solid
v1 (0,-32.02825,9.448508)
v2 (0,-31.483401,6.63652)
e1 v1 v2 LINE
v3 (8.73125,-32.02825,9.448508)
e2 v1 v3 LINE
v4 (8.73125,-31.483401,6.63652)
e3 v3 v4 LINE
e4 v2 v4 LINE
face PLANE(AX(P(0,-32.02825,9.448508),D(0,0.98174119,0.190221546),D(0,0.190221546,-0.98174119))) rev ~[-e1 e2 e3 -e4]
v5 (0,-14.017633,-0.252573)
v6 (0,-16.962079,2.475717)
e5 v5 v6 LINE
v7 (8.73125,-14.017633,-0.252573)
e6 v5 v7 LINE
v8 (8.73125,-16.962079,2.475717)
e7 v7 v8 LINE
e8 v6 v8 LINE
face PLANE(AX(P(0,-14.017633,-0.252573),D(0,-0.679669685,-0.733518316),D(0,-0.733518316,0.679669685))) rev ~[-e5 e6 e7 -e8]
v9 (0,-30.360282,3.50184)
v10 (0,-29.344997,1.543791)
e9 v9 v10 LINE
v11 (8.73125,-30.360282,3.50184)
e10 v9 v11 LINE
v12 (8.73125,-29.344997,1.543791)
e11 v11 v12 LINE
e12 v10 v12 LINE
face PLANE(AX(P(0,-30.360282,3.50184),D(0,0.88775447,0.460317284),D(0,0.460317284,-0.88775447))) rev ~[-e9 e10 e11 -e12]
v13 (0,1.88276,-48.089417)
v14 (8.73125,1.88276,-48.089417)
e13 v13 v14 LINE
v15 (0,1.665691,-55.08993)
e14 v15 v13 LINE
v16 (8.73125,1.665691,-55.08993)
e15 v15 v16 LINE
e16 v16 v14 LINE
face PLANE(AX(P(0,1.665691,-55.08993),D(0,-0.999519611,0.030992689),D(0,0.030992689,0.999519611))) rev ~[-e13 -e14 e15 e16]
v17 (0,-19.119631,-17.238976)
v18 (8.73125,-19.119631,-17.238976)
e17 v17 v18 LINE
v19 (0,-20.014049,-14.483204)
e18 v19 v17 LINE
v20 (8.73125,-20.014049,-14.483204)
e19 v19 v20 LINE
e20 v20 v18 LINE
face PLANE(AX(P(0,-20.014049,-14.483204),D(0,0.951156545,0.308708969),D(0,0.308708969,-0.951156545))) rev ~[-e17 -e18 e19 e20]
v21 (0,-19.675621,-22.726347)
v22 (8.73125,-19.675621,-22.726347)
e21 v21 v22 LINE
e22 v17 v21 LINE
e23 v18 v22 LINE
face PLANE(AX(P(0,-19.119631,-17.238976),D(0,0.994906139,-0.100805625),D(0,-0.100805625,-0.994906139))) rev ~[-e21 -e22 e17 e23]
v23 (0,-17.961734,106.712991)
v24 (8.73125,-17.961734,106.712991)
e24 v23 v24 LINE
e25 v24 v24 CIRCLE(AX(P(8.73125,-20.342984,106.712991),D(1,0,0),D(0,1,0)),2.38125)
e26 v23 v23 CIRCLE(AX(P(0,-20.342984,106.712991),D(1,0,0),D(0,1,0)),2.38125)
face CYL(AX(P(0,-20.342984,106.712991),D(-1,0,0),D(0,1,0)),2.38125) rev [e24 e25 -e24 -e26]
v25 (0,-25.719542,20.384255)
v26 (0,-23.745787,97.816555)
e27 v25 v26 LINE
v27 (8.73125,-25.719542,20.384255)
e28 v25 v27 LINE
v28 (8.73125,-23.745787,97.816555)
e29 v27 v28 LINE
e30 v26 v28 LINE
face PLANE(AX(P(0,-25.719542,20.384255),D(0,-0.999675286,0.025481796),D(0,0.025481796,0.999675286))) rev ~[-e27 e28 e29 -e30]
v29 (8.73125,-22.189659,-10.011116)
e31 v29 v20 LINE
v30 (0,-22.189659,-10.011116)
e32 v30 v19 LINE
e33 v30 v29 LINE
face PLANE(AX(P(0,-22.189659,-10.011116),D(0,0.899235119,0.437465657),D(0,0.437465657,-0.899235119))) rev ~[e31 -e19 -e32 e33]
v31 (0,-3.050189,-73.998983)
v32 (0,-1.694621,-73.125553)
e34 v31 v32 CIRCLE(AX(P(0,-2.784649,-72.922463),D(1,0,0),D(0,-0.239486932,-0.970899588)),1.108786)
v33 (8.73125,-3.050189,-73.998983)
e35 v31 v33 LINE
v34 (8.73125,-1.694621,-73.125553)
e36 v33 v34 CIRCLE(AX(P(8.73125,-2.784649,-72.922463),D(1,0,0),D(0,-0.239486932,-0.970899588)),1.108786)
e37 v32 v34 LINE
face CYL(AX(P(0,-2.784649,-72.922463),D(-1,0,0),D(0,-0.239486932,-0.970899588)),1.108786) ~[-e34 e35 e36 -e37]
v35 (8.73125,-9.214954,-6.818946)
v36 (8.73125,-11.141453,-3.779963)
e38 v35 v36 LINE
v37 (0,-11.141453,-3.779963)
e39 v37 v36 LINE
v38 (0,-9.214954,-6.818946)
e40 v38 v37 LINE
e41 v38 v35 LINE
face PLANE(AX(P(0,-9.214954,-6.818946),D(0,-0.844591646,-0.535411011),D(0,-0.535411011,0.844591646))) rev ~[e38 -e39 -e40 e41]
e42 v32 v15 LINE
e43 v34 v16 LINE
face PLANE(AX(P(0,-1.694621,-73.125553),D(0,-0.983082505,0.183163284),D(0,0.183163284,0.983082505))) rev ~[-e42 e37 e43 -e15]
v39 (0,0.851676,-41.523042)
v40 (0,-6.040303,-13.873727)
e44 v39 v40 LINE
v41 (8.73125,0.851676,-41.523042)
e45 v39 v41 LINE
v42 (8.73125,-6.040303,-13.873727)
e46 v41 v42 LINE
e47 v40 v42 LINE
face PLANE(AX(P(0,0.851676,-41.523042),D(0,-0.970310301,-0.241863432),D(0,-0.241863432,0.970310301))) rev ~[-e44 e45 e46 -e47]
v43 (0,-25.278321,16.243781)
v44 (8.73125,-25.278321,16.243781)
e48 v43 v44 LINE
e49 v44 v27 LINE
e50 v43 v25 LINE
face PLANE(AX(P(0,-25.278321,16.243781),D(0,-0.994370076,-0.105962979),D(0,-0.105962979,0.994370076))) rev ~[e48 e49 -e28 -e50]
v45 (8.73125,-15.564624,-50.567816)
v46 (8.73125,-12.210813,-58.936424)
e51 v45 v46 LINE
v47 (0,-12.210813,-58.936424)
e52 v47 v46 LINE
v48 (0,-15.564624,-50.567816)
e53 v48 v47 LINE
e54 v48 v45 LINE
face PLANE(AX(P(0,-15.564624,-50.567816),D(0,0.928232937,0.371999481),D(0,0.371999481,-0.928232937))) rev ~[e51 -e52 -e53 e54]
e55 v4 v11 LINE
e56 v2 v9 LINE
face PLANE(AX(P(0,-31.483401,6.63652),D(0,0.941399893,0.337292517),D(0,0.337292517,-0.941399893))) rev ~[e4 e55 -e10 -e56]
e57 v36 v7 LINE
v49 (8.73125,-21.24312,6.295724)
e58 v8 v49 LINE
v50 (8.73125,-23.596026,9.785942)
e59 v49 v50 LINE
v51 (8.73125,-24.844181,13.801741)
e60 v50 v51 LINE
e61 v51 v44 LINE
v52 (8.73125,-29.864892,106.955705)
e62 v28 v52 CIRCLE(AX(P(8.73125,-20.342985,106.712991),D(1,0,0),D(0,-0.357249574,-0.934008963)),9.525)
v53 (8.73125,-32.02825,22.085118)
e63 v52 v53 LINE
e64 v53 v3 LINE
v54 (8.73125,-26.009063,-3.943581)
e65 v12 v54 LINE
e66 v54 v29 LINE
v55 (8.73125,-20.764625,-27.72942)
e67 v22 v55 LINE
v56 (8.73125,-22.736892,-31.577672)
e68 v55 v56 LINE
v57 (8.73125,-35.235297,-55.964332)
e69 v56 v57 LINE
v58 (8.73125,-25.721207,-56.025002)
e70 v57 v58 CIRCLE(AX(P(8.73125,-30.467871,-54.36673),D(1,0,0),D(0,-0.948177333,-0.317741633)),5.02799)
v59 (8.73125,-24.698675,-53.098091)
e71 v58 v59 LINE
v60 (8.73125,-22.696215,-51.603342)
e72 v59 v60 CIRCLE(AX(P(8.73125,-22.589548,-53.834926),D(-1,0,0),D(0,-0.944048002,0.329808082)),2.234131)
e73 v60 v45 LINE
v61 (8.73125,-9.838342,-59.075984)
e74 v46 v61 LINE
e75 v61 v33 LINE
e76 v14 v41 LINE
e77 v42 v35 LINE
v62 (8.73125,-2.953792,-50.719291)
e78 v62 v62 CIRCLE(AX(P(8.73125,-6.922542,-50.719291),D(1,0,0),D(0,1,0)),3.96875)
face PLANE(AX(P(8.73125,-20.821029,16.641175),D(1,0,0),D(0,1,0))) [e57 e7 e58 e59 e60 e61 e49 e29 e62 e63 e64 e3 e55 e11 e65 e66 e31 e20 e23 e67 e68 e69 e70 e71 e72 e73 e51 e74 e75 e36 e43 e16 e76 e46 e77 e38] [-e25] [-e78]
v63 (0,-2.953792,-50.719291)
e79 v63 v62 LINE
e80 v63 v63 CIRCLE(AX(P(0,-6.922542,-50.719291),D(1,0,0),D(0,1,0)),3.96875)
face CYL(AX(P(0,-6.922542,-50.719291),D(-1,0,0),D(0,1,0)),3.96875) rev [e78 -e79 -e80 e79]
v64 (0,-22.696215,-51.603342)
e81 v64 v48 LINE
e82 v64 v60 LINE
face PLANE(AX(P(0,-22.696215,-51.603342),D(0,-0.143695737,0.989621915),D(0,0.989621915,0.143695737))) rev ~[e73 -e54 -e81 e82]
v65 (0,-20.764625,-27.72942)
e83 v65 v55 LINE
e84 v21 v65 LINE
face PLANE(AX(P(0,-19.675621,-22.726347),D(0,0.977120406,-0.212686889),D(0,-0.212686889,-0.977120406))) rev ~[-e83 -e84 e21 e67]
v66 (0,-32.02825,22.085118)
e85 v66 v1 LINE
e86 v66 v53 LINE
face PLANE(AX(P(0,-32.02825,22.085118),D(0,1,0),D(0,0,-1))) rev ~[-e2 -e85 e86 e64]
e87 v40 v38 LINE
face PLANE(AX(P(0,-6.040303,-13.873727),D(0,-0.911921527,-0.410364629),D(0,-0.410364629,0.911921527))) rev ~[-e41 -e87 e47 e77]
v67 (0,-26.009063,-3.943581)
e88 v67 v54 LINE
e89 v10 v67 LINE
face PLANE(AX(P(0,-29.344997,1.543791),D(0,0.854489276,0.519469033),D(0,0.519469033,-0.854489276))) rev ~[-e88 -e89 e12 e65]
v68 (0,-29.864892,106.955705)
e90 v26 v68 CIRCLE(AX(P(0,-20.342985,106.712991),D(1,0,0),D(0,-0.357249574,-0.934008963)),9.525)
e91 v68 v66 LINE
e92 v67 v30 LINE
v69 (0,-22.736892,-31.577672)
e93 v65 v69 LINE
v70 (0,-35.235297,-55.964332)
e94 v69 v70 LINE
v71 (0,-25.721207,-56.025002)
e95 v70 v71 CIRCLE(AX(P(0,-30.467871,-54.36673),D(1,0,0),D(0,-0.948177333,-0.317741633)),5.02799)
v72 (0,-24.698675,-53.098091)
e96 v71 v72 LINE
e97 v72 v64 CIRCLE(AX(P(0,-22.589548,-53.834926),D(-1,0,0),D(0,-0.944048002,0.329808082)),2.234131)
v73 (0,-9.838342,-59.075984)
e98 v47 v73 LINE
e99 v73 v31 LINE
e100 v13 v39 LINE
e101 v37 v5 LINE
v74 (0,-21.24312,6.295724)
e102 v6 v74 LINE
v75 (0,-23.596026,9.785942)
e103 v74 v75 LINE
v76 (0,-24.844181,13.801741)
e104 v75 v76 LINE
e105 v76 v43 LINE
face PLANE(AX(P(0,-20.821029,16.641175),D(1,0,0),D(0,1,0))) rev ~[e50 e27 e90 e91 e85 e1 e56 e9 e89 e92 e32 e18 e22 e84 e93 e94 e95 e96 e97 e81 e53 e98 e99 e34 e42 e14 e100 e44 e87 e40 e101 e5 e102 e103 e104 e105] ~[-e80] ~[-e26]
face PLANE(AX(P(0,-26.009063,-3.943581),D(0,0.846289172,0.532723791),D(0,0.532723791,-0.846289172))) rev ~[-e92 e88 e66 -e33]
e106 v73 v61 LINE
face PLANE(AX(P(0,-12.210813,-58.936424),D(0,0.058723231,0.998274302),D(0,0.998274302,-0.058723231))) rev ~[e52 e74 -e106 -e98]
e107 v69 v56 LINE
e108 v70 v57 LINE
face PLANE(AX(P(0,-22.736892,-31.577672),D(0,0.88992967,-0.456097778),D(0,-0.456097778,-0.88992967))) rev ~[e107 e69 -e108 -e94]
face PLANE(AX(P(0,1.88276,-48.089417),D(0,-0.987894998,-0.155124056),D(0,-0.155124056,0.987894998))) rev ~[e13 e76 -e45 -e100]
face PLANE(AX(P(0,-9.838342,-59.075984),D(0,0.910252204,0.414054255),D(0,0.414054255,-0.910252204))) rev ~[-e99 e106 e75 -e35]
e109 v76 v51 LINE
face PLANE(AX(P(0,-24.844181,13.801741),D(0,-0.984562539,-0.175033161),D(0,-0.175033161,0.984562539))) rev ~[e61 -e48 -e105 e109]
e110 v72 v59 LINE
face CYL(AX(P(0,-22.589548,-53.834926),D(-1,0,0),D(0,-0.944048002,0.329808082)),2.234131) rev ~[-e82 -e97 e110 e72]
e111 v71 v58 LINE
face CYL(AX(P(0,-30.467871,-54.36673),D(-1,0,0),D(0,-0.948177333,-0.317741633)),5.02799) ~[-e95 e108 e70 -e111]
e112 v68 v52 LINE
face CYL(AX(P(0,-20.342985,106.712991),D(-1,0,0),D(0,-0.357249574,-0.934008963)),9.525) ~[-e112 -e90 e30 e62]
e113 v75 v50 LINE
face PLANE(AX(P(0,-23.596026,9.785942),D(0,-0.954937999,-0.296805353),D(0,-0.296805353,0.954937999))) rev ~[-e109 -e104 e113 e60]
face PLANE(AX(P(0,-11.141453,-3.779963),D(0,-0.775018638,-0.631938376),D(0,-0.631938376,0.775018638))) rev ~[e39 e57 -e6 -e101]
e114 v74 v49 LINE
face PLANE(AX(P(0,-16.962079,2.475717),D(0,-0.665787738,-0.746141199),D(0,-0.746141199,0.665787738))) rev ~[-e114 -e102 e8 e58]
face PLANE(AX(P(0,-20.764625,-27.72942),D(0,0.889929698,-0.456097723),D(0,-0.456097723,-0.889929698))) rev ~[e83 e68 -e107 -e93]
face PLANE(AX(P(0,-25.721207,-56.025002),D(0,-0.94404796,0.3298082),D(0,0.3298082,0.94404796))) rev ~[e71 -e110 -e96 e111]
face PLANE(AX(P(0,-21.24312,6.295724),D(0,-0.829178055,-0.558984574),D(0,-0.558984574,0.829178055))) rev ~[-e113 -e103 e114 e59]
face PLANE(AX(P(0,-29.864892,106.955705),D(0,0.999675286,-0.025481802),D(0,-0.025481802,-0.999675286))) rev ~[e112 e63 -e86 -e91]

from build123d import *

# Parameters (mm, degrees)
F0_R     = 3.96875
F0_R_2   = 2.38125
F1_DEPTH = 8.73125


with BuildPart() as f1:
    # F0 (on Right) → F1 (new body)
    with BuildSketch(Plane.YZ):
        with BuildLine():
            Line((-22.736892, -31.577672), (-35.235297, -55.964332))
            ThreePointArc((-35.235297, -55.964332), (-30.499933, -59.394618), (-25.721207, -56.025002))
            Line((-25.721207, -56.025002), (-24.698675, -53.098091))
            ThreePointArc((-24.698675, -53.098091), (-23.925963, -52.04458), (-22.696215, -51.603342))
            Line((-22.696215, -51.603342), (-15.564624, -50.567816))
            Line((-15.564624, -50.567816), (-12.210813, -58.936424))
            Line((-12.210813, -58.936424), (-9.838342, -59.075984))
            Line((-9.838342, -59.075984), (-3.050189, -73.998983))
            ThreePointArc((-3.050189, -73.998983), (-2.184095, -73.854526), (-1.694621, -73.125553))
            Line((-1.694621, -73.125553), (1.665691, -55.08993))
            Line((1.665691, -55.08993), (1.88276, -48.089417))
            Line((1.88276, -48.089417), (0.851676, -41.523042))
            Line((0.851676, -41.523042), (-6.040303, -13.873727))
            Line((-6.040303, -13.873727), (-9.214954, -6.818946))
            Line((-9.214954, -6.818946), (-11.141453, -3.779963))
            Line((-11.141453, -3.779963), (-14.017633, -0.252573))
            Line((-14.017633, -0.252573), (-16.962079, 2.475717))
            Line((-16.962079, 2.475717), (-21.24312, 6.295724))
            Line((-21.24312, 6.295724), (-23.596026, 9.785942))
            Line((-23.596026, 9.785942), (-24.844181, 13.801741))
            Line((-24.844181, 13.801741), (-25.278321, 16.243781))
            Line((-25.278321, 16.243781), (-25.719542, 20.384255))
            Line((-25.719542, 20.384255), (-23.745787, 97.816555))
            ThreePointArc((-23.745787, 97.816555), (-12.428249, 112.012291), (-29.864892, 106.955705))
            Line((-29.864892, 106.955705), (-32.02825, 22.085118))
            Line((-32.02825, 22.085118), (-32.02825, 12.05924))
            Line((-32.02825, 12.05924), (-32.02825, 9.448508))
            Line((-32.02825, 9.448508), (-31.483401, 6.63652))
            Line((-31.483401, 6.63652), (-30.360282, 3.50184))
            Line((-30.360282, 3.50184), (-29.344997, 1.543791))
            Line((-29.344997, 1.543791), (-26.009063, -3.943581))
            Line((-26.009063, -3.943581), (-22.189659, -10.011116))
            Line((-22.189659, -10.011116), (-20.014049, -14.483204))
            Line((-20.014049, -14.483204), (-19.119631, -17.238976))
            Line((-19.119631, -17.238976), (-19.675621, -22.726347))
            Line((-19.675621, -22.726347), (-20.764625, -27.72942))
            Line((-20.764625, -27.72942), (-22.736892, -31.577672))
        make_face()
        with Locations((-6.922542, -50.719291)):
            Circle(F0_R, mode=Mode.SUBTRACT)
        with Locations((-20.342984, 106.712991)):
            Circle(F0_R_2, mode=Mode.SUBTRACT)
    extrude(amount=F1_DEPTH)


solid = f1.part
